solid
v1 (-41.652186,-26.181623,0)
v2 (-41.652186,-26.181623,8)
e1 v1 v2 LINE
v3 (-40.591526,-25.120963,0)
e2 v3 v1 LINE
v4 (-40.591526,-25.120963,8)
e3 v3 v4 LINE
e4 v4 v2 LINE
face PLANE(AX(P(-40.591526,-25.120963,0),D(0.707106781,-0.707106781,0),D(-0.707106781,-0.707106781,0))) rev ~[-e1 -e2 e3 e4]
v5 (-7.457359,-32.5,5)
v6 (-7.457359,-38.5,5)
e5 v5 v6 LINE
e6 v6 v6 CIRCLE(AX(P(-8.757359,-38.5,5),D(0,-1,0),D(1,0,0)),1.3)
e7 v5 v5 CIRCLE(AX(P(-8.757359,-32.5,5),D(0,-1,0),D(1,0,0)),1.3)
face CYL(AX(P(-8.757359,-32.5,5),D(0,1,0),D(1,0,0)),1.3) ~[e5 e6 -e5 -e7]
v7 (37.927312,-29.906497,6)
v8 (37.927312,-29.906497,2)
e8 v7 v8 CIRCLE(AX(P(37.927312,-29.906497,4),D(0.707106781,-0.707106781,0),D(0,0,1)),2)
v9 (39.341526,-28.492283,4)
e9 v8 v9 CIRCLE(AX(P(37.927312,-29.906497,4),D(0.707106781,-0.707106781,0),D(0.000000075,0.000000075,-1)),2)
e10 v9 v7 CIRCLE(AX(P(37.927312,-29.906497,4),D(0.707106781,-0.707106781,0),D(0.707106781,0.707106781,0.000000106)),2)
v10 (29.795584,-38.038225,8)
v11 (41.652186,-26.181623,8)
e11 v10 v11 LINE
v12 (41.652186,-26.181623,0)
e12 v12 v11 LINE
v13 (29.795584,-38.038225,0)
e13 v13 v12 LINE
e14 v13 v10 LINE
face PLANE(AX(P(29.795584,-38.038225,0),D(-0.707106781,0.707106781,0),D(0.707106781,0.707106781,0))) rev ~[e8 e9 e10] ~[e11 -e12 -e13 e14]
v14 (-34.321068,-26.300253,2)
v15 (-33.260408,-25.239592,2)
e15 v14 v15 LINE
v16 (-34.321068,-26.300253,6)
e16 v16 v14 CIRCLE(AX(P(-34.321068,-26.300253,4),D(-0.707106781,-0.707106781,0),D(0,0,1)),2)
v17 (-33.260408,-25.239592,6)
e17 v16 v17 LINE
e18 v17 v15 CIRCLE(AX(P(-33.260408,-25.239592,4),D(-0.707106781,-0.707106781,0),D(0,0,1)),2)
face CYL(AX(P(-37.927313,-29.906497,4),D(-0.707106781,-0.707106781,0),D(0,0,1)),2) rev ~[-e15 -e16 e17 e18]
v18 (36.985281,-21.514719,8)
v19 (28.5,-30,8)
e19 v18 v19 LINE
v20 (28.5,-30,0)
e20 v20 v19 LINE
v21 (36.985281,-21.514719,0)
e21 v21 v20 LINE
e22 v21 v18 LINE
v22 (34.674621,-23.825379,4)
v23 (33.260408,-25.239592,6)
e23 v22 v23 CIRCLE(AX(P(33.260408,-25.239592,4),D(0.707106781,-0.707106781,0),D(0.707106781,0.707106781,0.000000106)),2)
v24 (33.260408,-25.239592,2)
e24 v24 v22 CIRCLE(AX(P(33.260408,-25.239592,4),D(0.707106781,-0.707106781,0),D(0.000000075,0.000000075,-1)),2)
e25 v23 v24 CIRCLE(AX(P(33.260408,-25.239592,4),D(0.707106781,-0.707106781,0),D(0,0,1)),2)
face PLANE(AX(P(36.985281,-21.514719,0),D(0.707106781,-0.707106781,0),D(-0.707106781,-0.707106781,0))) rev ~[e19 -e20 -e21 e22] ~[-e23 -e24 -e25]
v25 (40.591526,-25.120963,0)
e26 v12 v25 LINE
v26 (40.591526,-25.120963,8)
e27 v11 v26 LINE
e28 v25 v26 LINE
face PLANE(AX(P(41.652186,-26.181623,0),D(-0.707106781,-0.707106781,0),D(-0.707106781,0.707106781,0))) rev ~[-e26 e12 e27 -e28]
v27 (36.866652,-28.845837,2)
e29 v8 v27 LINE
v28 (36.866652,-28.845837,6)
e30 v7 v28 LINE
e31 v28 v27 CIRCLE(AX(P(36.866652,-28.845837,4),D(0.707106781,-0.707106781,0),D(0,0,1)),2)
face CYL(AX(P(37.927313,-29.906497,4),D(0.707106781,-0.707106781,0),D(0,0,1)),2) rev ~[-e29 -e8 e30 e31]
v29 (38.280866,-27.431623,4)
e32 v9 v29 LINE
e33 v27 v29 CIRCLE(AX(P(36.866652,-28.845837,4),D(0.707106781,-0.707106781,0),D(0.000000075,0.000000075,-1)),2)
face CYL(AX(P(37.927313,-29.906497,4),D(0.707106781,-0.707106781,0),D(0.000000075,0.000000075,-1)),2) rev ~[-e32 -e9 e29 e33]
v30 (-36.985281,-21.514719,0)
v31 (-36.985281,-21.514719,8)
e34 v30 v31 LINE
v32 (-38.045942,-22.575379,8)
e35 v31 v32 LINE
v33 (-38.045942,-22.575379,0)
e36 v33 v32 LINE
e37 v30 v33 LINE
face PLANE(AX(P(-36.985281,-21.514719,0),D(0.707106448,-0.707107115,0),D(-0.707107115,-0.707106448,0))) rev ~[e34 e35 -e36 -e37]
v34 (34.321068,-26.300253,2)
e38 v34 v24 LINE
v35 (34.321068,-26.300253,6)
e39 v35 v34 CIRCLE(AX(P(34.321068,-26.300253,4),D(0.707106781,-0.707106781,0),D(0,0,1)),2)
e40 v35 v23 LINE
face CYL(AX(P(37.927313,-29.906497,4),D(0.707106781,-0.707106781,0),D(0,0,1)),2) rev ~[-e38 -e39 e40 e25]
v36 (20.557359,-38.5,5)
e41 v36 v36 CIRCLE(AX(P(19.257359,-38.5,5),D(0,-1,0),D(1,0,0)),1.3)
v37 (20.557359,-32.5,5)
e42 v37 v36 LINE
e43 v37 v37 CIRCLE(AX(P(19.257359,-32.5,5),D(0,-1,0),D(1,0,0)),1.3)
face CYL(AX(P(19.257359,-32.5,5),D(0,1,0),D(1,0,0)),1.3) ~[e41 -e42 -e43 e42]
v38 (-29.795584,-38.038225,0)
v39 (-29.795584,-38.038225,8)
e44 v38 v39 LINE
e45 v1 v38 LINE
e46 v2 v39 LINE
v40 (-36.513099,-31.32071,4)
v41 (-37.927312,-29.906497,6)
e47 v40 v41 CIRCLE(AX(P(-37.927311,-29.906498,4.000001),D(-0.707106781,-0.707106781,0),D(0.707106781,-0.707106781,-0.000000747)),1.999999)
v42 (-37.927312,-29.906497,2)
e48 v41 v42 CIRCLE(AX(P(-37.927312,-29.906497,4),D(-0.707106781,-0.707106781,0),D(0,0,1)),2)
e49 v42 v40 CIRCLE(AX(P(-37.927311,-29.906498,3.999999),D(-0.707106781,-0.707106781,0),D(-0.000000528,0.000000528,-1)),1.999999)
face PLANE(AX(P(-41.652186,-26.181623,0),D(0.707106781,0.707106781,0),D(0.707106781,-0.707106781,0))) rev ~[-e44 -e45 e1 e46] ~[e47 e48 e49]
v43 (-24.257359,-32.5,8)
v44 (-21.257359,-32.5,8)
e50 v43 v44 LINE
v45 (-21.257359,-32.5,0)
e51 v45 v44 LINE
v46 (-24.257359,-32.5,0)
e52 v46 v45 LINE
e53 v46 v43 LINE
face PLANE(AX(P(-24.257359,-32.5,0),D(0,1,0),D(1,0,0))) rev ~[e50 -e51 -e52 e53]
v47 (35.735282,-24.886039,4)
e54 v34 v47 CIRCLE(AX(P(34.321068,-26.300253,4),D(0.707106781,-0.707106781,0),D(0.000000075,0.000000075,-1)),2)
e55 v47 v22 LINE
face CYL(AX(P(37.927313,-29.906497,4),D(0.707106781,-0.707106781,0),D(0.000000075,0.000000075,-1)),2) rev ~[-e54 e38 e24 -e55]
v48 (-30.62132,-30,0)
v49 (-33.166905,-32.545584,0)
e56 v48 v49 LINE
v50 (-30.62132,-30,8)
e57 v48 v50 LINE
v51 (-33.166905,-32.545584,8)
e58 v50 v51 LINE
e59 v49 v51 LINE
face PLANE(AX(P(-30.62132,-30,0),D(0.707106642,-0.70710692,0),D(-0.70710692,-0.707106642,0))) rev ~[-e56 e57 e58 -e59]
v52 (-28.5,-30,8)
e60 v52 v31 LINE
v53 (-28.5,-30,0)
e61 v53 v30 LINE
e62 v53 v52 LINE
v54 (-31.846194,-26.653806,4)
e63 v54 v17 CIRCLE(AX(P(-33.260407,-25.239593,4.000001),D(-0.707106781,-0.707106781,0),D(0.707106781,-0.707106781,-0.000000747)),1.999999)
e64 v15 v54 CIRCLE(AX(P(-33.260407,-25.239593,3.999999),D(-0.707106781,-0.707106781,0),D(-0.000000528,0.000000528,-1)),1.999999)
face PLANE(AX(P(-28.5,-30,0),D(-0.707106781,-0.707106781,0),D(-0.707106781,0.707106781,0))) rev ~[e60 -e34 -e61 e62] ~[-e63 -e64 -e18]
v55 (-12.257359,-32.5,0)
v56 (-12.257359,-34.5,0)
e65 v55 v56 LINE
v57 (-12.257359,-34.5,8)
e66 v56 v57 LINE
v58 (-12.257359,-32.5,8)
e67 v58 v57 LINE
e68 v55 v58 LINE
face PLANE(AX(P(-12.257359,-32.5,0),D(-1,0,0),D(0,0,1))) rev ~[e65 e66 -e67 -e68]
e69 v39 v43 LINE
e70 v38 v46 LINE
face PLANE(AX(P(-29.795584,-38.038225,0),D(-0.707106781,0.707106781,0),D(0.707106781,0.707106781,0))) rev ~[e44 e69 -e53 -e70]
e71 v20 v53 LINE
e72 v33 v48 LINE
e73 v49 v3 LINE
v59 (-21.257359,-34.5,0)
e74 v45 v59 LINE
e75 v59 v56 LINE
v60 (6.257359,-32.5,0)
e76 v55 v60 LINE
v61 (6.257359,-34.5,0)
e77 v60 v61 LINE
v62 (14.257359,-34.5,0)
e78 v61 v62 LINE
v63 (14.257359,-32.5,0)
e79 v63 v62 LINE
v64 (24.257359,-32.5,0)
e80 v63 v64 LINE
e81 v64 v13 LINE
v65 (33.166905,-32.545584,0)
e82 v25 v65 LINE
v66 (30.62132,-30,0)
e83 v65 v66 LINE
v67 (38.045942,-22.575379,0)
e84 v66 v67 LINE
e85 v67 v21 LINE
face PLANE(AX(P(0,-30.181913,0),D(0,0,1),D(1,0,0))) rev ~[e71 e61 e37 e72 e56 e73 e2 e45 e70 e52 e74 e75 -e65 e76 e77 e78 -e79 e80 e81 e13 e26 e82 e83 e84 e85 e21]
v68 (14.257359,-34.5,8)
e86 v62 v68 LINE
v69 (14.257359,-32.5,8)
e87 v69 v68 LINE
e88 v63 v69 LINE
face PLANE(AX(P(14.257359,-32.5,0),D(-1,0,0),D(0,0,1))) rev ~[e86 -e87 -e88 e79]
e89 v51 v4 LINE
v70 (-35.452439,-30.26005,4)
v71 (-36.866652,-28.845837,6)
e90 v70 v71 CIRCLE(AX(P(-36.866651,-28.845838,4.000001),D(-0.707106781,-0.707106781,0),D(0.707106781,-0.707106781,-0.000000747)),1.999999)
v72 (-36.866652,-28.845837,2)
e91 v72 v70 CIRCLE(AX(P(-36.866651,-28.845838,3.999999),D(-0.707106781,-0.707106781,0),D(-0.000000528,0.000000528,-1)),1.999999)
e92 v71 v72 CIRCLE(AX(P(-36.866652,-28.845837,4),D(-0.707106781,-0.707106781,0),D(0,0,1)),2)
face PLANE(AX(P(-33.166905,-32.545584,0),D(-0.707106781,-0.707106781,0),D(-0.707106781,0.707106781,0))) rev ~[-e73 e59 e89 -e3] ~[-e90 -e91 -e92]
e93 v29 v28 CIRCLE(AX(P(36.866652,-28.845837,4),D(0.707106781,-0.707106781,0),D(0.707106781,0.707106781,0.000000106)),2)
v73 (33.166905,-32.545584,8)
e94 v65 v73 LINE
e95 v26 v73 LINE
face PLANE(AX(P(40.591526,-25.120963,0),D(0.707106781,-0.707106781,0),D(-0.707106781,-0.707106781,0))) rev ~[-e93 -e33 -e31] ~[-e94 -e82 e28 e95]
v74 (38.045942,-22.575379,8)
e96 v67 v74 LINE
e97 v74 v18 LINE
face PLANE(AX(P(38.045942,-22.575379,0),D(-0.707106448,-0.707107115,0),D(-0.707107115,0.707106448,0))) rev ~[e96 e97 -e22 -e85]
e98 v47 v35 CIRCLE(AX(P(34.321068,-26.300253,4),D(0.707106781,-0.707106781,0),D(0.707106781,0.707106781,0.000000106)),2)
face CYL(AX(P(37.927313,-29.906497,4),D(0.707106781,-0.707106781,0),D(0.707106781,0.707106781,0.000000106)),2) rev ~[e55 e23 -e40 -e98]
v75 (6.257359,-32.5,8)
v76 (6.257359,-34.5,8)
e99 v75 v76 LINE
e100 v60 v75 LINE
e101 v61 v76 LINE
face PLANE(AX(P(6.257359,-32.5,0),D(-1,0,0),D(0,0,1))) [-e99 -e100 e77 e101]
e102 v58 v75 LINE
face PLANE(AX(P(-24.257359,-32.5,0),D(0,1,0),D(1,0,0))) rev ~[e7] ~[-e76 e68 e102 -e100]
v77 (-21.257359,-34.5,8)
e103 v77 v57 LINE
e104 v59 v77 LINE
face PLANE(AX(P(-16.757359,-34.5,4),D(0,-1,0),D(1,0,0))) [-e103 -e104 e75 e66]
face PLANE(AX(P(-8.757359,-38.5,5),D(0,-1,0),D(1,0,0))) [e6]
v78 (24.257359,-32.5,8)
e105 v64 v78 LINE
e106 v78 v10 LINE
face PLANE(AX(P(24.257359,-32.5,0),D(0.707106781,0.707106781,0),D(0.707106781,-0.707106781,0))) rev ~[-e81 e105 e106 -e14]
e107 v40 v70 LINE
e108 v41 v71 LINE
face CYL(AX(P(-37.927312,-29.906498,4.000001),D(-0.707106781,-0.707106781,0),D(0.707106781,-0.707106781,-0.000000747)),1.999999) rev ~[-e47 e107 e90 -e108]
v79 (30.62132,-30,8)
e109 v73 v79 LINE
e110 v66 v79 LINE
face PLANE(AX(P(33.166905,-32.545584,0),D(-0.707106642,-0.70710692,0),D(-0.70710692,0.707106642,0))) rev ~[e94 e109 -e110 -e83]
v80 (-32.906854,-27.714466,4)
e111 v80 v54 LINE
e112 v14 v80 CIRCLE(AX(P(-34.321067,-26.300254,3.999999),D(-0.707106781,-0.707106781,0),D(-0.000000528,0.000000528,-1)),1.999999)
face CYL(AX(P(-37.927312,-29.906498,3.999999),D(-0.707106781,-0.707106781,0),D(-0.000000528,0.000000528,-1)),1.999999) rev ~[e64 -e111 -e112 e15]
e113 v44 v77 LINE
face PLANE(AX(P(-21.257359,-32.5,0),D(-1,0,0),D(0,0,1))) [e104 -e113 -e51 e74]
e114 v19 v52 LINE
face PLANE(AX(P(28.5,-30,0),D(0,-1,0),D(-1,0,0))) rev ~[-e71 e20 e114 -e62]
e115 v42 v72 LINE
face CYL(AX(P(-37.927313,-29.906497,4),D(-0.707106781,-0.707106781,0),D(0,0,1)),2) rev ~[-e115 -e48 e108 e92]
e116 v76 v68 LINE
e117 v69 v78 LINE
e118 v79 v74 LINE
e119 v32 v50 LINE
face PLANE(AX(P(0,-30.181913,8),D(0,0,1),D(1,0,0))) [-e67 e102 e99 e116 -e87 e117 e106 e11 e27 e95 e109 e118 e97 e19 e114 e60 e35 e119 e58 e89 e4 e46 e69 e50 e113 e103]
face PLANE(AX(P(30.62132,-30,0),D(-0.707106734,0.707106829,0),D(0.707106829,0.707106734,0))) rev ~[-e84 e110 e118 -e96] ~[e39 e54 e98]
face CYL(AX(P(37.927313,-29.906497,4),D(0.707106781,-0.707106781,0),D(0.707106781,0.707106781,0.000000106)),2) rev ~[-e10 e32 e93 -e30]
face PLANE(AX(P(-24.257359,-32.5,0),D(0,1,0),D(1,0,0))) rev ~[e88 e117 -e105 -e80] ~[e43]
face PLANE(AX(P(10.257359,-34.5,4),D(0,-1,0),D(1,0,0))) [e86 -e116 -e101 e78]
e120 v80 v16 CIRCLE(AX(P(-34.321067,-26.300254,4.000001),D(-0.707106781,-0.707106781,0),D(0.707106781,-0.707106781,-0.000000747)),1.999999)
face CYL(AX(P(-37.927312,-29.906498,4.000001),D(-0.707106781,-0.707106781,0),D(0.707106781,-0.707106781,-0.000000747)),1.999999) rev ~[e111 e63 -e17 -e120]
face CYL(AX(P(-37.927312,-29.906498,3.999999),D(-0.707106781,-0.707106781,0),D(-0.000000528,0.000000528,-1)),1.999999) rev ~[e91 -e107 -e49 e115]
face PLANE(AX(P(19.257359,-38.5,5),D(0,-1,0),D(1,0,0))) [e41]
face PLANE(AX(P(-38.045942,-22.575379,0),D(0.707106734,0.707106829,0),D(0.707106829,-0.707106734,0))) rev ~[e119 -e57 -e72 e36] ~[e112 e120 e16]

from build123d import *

# Parameters (mm, degrees)
F1_DEPTH = 8
F3_DEPTH = 10
F5_DEPTH = 9.9
F6_W     = 9
F6_H     = 8
F6_W_2   = 8
F7_DEPTH = 2
F6_R     = 1.3
F8_DEPTH = 6


with BuildPart() as f1:
    # F0 (on Top) → F1 (new body)
    with BuildSketch(Plane.XY):
        Polygon((28.5, -30), (-28.5, -30), (-36.985281, -21.514719), (-38.045942, -22.575379), (-30.62132, -30), (-33.166905, -32.545584), (-40.591526, -25.120963), (-41.652186, -26.181623), (-29.795584, -38.038225), (-24.257359, -32.5), (24.257359, -32.5), (29.795584, -38.038225), (41.652186, -26.181623), (40.591526, -25.120963), (33.166905, -32.545584), (30.62132, -30), (38.045942, -22.575379), (36.985281, -21.514719), align=None)
    extrude(amount=F1_DEPTH)

    # F2 (on face) → F3 (cut)
    with BuildSketch(Plane(origin=(33.916905, -33.916905, 0), x_dir=(0.707107, 0.707107, 0), z_dir=(0.707107, -0.707107, 0))):
        with BuildLine():
            ThreePointArc((7.671573, 4), (7.085786, 5.414214), (5.671573, 6))
            ThreePointArc((5.671573, 6), (3.671573, 4), (5.671573, 2))
            ThreePointArc((5.671573, 2), (7.085786, 2.585786), (7.671573, 4))
        make_face()
    extrude(amount=-F3_DEPTH, mode=Mode.SUBTRACT)

    # F4 (on face) → F5 (cut)
    with BuildSketch(Plane(origin=(-33.916905, -33.916905, 0), x_dir=(0.707107, -0.707107, 0), z_dir=(-0.707107, -0.707107, 0))):
        with BuildLine():
            ThreePointArc((-3.671573, 4), (-4.257359, 5.414214), (-5.671573, 6))
            ThreePointArc((-5.671573, 6), (-7.671573, 4), (-5.671573, 2))
            ThreePointArc((-5.671573, 2), (-4.257359, 2.585786), (-3.671573, 4))
        make_face()
    extrude(amount=-F5_DEPTH, mode=Mode.SUBTRACT)

    # F6 (on face) → F7 (join)
    with BuildSketch(Plane.XZ.offset(32.5)):
        with Locations((-16.757359, 4)):
            Rectangle(F6_W, F6_H)
        with Locations((10.257359, 4)):
            Rectangle(F6_W_2, F6_H)
    extrude(amount=F7_DEPTH)

    # F6 (on face) → F8 (join)
    with BuildSketch(Plane.XZ.offset(32.5)):
        with Locations((-8.757359, 5)):
            Circle(F6_R)
        with Locations((19.257359, 5)):
            Circle(F6_R)
    extrude(amount=F8_DEPTH)


solid = f1.part
